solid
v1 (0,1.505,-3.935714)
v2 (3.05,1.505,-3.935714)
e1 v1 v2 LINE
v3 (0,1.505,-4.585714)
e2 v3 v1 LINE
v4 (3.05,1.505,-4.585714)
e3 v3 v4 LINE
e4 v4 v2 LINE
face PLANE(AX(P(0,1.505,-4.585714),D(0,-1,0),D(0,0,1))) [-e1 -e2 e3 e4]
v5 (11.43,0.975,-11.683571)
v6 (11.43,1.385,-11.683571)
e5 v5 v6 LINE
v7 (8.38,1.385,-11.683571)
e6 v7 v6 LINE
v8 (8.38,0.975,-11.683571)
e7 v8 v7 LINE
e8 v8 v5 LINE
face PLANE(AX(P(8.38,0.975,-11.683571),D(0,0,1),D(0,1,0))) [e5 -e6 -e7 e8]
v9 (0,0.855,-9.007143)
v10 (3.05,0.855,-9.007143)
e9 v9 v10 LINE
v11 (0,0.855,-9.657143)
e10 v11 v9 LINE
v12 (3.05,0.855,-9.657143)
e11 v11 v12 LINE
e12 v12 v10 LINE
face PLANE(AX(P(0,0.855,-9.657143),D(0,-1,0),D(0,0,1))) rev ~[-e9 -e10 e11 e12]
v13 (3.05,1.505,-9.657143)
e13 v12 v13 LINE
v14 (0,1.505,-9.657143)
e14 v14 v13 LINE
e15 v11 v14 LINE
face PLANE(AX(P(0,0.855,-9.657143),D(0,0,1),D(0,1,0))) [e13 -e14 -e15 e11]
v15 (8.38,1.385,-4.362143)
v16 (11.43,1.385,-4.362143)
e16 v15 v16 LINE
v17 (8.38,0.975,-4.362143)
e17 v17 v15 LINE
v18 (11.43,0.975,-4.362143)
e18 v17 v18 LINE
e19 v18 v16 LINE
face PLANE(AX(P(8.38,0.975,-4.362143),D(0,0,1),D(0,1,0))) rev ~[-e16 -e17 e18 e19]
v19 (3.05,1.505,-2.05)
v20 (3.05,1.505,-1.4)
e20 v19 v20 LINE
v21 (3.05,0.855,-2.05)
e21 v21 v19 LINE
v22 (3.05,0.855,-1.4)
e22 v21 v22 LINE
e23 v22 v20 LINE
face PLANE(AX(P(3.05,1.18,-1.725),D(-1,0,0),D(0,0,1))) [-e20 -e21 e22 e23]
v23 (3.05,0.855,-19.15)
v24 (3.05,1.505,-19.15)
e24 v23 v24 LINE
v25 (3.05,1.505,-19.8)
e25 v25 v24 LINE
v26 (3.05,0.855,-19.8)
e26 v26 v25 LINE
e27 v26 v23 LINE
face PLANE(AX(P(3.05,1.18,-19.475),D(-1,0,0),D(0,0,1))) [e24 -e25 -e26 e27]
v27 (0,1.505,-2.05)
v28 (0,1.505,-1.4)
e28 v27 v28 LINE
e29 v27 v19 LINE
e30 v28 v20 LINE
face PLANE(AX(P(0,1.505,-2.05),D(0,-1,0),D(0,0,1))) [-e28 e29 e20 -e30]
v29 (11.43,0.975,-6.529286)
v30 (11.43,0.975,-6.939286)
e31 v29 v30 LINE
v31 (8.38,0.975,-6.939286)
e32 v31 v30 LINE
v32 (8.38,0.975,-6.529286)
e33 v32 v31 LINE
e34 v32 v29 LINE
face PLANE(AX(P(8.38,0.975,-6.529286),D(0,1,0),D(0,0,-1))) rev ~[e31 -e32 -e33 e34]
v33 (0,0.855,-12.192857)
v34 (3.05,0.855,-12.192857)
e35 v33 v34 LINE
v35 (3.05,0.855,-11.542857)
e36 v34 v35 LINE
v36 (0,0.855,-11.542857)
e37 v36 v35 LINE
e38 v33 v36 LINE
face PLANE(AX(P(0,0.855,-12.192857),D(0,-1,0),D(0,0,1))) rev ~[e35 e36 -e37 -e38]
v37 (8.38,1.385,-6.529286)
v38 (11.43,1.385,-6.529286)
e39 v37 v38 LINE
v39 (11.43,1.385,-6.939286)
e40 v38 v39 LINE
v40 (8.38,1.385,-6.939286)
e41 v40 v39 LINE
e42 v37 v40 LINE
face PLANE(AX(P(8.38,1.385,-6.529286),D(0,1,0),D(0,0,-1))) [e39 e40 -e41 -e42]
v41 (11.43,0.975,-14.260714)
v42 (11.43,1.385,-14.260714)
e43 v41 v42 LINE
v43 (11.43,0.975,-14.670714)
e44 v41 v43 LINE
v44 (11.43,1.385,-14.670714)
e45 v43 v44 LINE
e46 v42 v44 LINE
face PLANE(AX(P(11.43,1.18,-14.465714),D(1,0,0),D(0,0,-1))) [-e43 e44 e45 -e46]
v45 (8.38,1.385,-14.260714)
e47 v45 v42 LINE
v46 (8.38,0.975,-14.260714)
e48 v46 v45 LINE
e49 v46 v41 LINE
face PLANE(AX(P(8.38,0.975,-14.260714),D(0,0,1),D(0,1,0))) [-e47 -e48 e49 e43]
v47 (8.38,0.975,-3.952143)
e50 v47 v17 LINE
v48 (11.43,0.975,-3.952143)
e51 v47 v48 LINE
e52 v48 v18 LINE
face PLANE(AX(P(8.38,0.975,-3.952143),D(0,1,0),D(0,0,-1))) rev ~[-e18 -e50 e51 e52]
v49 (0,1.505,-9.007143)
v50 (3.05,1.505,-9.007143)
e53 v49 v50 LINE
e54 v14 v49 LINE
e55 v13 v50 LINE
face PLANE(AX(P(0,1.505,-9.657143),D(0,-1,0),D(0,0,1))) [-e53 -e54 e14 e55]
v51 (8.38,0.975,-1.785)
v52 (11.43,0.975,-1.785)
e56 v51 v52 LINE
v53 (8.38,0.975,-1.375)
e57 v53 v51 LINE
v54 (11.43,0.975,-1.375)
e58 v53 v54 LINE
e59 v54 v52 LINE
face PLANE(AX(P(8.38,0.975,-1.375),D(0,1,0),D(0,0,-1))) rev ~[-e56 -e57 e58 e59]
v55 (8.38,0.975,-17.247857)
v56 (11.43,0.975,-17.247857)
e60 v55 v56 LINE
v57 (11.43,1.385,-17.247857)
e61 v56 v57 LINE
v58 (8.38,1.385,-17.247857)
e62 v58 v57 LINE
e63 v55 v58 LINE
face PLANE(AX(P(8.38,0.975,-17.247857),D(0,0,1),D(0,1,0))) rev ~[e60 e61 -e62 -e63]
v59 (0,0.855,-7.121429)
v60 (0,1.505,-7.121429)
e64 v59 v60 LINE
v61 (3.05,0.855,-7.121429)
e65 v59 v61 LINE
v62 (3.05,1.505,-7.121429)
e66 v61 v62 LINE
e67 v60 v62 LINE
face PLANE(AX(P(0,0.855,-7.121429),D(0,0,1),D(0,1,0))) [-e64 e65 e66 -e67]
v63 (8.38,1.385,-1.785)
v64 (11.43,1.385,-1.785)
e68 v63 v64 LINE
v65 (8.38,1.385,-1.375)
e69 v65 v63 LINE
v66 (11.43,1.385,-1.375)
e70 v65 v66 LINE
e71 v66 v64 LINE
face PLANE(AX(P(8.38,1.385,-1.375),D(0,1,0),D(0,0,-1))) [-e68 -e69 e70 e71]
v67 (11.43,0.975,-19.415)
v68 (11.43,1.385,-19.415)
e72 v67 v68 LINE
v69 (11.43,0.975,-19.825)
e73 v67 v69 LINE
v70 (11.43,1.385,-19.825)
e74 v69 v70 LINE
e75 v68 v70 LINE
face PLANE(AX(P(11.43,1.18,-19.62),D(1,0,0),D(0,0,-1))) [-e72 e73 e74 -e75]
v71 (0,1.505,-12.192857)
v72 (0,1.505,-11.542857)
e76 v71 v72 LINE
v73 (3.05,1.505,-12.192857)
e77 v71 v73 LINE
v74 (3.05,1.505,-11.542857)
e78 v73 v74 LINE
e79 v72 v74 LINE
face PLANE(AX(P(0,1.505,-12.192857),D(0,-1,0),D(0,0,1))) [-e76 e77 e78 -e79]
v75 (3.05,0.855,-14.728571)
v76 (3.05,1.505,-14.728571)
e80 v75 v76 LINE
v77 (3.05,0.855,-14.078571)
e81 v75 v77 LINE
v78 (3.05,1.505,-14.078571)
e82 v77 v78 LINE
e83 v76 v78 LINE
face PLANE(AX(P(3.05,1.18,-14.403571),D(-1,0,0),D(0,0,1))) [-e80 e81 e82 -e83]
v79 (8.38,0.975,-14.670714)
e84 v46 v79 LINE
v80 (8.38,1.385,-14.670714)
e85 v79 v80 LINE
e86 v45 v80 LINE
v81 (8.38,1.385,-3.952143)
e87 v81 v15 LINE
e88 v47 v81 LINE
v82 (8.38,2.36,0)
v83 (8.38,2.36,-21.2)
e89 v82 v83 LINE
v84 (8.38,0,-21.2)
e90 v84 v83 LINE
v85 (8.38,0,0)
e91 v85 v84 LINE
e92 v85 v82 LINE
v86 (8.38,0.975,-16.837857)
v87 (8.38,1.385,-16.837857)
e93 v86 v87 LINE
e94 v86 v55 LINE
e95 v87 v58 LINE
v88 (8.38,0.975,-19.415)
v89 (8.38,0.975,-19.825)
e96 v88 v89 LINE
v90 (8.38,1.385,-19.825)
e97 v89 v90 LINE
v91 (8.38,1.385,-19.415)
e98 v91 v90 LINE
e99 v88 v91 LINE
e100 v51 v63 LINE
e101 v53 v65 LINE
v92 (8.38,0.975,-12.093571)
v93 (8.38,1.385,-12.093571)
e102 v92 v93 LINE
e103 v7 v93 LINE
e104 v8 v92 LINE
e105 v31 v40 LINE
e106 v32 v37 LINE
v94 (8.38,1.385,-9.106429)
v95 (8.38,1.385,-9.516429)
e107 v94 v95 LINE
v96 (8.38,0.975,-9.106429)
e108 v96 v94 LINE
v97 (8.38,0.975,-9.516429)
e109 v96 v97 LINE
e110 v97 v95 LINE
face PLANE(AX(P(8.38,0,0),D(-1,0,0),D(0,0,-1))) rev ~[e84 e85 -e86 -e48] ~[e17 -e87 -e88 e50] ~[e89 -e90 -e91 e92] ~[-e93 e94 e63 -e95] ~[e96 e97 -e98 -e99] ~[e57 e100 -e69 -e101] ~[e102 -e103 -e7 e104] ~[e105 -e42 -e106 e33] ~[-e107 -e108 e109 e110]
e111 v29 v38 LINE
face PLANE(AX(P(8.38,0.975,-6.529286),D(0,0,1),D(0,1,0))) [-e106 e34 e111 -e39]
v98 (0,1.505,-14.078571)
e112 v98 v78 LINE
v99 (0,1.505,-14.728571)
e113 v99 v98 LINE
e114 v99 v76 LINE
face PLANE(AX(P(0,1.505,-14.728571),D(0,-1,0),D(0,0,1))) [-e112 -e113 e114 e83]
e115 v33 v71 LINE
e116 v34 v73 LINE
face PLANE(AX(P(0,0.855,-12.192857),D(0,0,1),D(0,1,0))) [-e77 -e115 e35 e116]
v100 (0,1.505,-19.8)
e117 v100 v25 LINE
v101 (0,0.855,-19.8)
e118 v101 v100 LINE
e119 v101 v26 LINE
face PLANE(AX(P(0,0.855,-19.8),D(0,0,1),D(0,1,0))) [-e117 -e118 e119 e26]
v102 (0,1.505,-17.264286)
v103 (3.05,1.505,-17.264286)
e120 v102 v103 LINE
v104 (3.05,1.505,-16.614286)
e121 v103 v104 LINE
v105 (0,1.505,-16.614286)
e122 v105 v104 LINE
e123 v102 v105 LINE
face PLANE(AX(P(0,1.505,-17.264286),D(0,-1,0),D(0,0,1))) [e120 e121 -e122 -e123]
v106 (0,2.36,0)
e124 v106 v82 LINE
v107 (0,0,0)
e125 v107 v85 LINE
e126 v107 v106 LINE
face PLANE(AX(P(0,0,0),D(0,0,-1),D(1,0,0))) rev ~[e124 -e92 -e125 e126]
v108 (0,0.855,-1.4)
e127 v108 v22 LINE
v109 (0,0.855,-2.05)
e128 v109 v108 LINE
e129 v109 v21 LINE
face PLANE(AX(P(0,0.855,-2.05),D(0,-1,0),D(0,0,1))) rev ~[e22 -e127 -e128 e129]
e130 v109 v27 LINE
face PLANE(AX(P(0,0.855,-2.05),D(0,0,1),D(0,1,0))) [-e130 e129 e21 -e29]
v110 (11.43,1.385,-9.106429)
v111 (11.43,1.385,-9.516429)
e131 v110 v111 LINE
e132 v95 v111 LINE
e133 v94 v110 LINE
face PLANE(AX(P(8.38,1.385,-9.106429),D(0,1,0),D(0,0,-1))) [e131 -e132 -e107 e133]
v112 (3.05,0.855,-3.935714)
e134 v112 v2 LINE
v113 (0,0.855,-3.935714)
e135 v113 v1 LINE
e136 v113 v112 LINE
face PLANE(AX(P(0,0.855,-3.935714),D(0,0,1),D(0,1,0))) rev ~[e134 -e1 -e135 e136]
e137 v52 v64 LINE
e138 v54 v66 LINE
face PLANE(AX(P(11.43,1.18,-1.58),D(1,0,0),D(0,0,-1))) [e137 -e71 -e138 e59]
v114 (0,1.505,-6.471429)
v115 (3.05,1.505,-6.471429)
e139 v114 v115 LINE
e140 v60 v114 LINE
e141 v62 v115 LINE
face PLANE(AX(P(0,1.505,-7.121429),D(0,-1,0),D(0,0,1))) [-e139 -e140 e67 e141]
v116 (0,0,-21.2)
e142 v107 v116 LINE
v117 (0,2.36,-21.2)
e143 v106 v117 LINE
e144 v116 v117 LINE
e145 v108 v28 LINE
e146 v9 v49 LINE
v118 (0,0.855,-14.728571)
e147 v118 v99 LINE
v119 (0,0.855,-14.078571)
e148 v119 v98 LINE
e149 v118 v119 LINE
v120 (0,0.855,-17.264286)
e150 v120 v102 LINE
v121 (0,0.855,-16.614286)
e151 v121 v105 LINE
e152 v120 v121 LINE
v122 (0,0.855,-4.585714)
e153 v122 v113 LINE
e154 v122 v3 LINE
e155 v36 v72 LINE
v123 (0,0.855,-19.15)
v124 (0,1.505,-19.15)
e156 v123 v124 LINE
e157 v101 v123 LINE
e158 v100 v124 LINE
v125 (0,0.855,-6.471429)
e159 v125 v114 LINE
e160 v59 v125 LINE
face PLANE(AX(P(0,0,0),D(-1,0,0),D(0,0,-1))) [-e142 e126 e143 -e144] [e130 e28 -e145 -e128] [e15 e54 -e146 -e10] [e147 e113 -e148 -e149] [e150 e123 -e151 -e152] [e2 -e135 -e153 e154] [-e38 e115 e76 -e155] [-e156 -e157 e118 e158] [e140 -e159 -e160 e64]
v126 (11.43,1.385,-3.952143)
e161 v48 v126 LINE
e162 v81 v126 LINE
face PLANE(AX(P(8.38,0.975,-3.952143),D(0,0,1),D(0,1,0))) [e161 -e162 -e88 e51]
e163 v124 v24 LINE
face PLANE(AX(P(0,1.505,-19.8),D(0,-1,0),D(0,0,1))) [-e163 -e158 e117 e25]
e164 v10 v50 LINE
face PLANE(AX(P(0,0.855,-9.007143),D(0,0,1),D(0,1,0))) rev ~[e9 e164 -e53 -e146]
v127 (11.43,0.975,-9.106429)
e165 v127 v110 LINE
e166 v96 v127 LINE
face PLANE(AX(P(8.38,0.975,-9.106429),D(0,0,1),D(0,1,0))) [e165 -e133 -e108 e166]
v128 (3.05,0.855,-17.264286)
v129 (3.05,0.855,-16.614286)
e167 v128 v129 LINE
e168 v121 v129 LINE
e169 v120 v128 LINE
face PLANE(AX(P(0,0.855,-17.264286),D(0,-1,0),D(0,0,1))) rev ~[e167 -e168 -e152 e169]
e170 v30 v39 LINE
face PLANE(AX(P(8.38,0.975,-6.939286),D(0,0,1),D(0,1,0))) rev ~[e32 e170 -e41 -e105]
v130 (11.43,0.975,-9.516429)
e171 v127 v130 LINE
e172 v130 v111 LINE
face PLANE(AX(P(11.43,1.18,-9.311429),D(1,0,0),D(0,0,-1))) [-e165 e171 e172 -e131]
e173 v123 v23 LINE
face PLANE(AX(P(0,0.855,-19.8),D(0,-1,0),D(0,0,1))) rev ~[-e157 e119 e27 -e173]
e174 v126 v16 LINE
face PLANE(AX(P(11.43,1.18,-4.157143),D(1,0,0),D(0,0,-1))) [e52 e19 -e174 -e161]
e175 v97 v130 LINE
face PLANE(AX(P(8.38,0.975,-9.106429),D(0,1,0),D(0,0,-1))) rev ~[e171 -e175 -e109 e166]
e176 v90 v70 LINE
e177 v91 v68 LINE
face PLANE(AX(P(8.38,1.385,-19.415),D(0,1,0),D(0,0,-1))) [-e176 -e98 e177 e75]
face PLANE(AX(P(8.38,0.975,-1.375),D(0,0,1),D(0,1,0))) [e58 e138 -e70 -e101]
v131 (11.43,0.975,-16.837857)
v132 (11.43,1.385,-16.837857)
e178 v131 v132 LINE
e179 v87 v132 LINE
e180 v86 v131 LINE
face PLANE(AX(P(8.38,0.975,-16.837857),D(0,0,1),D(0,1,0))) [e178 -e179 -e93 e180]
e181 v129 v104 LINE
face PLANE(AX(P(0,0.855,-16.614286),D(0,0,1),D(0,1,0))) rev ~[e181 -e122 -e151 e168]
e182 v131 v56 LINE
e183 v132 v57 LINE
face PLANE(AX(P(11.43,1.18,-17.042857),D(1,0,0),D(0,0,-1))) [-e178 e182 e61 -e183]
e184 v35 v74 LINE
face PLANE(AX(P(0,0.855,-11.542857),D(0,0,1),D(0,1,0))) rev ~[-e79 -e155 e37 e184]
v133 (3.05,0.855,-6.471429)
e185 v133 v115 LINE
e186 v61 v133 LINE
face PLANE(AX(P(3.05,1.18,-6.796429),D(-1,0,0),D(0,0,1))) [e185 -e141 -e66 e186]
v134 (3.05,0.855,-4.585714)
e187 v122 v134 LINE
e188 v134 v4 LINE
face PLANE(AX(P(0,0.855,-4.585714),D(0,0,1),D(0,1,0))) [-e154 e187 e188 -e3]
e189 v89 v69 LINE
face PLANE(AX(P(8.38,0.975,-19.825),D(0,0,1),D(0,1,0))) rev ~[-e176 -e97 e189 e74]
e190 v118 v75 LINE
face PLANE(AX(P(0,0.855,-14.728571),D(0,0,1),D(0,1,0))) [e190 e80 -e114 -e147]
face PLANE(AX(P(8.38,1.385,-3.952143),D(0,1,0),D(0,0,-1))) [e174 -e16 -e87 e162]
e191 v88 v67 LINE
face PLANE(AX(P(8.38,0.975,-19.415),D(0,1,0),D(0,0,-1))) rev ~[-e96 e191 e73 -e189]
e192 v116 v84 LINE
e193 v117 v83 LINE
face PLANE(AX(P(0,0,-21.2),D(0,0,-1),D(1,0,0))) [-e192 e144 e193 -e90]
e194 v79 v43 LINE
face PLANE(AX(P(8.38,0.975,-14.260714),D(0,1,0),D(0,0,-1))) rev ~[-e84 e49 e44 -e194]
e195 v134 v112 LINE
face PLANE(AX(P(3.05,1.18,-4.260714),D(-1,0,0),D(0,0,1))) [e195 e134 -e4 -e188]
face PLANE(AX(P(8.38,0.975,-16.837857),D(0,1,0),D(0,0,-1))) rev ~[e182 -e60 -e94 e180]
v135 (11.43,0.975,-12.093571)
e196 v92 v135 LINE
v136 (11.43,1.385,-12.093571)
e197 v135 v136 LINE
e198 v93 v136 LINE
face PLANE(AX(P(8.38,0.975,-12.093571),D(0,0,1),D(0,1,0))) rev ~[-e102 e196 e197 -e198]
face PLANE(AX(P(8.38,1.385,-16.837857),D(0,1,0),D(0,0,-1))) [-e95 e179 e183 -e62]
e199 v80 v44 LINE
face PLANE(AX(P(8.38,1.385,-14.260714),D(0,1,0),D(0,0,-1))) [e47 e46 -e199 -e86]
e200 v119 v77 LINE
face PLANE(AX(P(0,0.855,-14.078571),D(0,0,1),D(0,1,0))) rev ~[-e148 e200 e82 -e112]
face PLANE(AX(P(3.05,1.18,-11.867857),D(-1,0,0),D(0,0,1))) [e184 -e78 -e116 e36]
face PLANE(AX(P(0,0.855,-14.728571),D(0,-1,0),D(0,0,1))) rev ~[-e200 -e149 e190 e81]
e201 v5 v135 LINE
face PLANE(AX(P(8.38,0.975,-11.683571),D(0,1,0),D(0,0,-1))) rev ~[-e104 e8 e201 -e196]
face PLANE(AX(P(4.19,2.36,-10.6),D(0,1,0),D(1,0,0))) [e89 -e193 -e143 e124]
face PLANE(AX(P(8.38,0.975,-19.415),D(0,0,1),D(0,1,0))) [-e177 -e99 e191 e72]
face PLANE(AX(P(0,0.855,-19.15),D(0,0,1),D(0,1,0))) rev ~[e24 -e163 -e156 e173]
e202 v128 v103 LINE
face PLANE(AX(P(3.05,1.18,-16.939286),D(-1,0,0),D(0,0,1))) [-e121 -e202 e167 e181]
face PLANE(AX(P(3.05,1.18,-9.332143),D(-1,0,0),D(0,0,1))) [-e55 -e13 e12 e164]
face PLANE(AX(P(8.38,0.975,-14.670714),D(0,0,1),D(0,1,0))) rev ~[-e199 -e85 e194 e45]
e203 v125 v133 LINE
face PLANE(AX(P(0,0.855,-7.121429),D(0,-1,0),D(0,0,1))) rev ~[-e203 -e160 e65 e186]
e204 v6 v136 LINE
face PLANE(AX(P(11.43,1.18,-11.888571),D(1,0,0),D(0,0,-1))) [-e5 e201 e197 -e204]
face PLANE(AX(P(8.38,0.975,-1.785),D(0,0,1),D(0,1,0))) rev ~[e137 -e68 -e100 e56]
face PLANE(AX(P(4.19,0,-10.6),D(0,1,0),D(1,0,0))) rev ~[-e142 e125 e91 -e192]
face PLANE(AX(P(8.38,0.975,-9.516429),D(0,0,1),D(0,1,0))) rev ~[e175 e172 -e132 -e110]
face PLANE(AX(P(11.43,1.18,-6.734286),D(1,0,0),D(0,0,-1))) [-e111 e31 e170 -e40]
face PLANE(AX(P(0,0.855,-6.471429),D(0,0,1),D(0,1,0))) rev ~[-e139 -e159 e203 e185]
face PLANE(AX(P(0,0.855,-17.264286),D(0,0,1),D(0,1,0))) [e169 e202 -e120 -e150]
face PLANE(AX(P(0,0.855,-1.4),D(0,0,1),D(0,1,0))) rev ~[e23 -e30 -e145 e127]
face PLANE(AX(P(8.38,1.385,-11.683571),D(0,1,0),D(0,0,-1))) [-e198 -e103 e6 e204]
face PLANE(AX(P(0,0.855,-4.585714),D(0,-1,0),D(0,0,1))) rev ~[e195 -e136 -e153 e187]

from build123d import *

# Parameters (mm, degrees)
SKETCH1_W           = 8.38
SKETCH1_H           = 21.2
BOSS_EXTRUDE1_DEPTH = 2.36
SKETCH2_W           = 0.41
SKETCH2_H           = 0.41
BOSS_EXTRUDE2_DEPTH = 3.05
SKETCH3_W           = 0.65
SKETCH3_H           = 0.65
CUT_EXTRUDE1_DEPTH  = 3.05


with BuildPart() as part:
    # Sketch1 → Boss-Extrude1 (new body)
    with BuildSketch(Plane(origin=(0, 0, 0), x_dir=(1, 0, 0), z_dir=(0, 1, 0))):
        with Locations((4.19, 10.6)):
            Rectangle(SKETCH1_W, SKETCH1_H)
    extrude(amount=BOSS_EXTRUDE1_DEPTH)

    # Sketch2 → Boss-Extrude2 (add)
    with BuildSketch(Plane(origin=(8.38, 0, 0), x_dir=(0, 0, -1), z_dir=(1, 0, 0))):
        with Locations((1.58, 1.18)):
            Rectangle(SKETCH2_W, SKETCH2_H)
        with Locations((4.157142857, 1.18)):
            Rectangle(SKETCH2_W, SKETCH2_H)
        with Locations((6.734285714, 1.18)):
            Rectangle(SKETCH2_W, SKETCH2_H)
        with Locations((9.311428571, 1.18)):
            Rectangle(SKETCH2_W, SKETCH2_H)
        with Locations((11.888571429, 1.18)):
            Rectangle(SKETCH2_W, SKETCH2_H)
        with Locations((14.465714286, 1.18)):
            Rectangle(SKETCH2_W, SKETCH2_H)
        with Locations((17.042857143, 1.18)):
            Rectangle(SKETCH2_W, SKETCH2_H)
        with Locations((19.62, 1.18)):
            Rectangle(SKETCH2_W, SKETCH2_H)
    extrude(amount=BOSS_EXTRUDE2_DEPTH)

    # Sketch3 → Cut-Extrude1 (cut)
    with BuildSketch(Plane.ZY):
        with Locations((-19.475, 1.18)):
            Rectangle(SKETCH3_W, SKETCH3_H)
        with Locations((-16.939285714, 1.18)):
            Rectangle(SKETCH3_W, SKETCH3_H)
        with Locations((-14.403571429, 1.18)):
            Rectangle(SKETCH3_W, SKETCH3_H)
        with Locations((-11.867857143, 1.18)):
            Rectangle(SKETCH3_W, SKETCH3_H)
        with Locations((-9.332142857, 1.18)):
            Rectangle(SKETCH3_W, SKETCH3_H)
        with Locations((-6.796428571, 1.18)):
            Rectangle(SKETCH3_W, SKETCH3_H)
        with Locations((-4.260714286, 1.18)):
            Rectangle(SKETCH3_W, SKETCH3_H)
        with Locations((-1.725, 1.18)):
            Rectangle(SKETCH3_W, SKETCH3_H)
    extrude(amount=-CUT_EXTRUDE1_DEPTH, mode=Mode.SUBTRACT)


solid = part.part
